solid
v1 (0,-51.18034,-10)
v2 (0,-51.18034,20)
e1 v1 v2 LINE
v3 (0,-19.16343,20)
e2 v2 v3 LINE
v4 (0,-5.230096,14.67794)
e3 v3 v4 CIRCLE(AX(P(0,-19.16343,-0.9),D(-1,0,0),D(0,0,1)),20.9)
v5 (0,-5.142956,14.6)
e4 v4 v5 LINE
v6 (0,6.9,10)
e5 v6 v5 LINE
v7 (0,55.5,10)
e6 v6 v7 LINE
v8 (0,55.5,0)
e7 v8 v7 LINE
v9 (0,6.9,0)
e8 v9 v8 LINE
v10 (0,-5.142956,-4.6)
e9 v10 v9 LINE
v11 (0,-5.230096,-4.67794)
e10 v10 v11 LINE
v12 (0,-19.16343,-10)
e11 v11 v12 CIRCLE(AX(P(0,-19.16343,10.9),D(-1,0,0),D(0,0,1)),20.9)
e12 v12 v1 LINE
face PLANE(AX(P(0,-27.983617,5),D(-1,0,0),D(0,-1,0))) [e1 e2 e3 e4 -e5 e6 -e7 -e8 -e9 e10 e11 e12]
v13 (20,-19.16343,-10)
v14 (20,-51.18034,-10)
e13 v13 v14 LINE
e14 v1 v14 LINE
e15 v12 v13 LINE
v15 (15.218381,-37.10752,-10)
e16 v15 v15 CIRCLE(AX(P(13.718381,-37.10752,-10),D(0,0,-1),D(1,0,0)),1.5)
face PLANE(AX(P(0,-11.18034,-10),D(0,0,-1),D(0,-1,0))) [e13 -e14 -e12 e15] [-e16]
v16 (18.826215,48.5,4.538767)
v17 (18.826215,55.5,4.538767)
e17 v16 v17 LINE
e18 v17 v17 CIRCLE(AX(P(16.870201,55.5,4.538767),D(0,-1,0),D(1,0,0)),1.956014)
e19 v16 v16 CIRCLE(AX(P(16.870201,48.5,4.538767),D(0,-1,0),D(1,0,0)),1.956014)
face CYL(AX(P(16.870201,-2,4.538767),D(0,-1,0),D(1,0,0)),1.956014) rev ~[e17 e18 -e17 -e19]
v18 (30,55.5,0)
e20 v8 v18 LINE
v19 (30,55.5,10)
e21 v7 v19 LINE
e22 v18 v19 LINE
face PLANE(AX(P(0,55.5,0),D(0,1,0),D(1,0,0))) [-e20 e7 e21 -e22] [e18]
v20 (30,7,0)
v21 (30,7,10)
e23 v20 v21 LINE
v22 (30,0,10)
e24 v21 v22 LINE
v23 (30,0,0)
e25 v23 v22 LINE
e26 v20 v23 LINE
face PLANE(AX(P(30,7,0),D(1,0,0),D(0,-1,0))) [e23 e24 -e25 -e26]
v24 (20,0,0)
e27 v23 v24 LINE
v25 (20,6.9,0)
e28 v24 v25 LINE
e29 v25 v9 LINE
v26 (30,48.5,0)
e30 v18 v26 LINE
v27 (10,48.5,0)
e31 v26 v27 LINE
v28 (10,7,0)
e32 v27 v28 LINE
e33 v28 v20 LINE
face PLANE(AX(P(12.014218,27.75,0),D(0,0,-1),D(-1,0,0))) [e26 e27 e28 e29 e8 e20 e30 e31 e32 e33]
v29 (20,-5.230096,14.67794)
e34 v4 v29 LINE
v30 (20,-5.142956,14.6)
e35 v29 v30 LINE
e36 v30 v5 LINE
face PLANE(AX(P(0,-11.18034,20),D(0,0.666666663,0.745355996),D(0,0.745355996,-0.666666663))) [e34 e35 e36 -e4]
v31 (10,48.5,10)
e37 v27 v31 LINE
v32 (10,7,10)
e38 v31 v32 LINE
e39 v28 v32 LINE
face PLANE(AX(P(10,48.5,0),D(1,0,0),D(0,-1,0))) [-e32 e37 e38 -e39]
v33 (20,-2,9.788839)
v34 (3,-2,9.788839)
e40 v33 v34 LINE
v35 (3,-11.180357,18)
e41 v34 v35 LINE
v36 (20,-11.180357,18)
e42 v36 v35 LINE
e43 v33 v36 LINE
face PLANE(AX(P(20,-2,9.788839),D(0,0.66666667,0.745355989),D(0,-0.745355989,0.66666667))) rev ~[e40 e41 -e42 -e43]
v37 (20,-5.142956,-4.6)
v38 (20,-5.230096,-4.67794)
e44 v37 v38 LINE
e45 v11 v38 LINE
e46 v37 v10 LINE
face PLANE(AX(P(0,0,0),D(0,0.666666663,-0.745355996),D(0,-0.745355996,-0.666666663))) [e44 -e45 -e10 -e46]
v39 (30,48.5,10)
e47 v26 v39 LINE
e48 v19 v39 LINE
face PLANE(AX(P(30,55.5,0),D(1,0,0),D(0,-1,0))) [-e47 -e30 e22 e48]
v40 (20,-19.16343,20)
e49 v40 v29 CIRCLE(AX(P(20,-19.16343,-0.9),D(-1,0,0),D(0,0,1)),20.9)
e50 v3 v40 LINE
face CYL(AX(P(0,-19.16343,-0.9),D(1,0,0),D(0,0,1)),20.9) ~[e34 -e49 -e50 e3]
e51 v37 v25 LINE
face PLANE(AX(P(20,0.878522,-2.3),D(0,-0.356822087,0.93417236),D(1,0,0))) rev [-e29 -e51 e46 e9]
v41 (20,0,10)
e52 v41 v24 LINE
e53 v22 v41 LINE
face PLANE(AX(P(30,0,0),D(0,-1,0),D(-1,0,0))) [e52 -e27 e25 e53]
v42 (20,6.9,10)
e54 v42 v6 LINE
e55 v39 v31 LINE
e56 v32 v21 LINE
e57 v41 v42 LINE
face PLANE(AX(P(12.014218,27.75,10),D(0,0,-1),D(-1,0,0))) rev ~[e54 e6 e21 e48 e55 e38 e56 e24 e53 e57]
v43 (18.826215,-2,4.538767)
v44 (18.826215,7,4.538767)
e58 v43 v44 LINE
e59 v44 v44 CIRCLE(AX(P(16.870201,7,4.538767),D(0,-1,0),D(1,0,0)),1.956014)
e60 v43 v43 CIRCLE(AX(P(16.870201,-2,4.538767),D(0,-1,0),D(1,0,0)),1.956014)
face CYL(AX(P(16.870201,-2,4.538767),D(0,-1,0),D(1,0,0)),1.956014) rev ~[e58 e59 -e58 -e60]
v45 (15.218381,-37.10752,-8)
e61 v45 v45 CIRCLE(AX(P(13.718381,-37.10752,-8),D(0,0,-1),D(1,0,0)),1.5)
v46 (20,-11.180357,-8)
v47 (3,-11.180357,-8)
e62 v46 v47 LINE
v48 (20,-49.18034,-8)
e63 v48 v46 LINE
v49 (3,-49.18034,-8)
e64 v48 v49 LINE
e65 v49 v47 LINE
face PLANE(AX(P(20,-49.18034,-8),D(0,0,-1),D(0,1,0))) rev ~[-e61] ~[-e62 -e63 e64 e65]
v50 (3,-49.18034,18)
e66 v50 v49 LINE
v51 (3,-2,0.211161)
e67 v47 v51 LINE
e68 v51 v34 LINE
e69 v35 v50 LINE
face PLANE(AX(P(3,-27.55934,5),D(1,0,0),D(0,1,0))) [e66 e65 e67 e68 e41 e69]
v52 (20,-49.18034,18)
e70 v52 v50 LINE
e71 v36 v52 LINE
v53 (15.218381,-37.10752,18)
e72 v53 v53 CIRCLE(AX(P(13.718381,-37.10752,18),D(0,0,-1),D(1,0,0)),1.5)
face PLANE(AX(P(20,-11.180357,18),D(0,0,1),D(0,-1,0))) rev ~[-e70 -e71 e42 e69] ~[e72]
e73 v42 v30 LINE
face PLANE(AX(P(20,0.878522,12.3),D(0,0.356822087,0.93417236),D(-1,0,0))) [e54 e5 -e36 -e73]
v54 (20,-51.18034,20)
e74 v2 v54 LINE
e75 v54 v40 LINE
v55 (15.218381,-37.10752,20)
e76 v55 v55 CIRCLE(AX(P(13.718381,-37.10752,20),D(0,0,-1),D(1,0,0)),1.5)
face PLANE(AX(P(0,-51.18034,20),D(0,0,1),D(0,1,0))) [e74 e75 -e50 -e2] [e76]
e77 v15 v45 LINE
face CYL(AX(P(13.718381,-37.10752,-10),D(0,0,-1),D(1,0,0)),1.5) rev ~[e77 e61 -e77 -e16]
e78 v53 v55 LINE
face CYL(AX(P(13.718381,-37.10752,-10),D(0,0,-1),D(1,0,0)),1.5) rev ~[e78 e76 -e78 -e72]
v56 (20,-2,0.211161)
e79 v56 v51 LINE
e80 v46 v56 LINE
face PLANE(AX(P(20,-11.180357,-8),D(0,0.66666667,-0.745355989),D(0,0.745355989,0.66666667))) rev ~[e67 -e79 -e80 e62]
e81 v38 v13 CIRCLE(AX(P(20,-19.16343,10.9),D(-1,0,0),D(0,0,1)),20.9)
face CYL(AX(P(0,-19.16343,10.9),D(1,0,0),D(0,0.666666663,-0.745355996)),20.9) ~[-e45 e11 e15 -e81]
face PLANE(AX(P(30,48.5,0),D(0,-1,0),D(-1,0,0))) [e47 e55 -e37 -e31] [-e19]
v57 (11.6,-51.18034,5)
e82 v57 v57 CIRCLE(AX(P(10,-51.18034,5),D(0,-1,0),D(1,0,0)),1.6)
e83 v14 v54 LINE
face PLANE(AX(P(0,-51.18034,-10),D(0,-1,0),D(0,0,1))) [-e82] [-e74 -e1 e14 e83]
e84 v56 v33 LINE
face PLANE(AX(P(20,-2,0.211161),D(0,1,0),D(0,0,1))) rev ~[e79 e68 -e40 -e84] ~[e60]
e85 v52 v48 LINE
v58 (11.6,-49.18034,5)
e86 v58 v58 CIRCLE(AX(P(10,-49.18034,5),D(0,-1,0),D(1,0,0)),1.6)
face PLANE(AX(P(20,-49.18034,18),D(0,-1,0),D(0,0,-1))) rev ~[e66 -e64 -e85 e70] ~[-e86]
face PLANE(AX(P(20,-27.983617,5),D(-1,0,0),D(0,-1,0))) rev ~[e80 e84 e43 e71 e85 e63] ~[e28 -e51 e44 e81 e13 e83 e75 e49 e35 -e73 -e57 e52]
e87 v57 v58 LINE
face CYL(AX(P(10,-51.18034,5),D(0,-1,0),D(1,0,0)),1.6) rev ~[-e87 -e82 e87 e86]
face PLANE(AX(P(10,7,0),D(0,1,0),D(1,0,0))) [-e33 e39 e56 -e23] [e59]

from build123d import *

# Parameters (mm, degrees)
PAD_DEPTH       = 10
PAD001_DEPTH    = 20
SKETCH002_R     = 1.6
POCKET_DEPTH    = 17
POCKET001_DEPTH = 17
SKETCH004_R     = 1.956014
POCKET002_DEPTH = 57.501
SKETCH005_R     = 1.5
POCKET003_DEPTH = 30.001
CHAMFER_SIZE    = 6.9
CHAMFER001_SIZE = 6.9
FILLET_R        = 20.9
FILLET001_R     = 20.9


with BuildPart() as part:
    # Sketch → Pad (new body)
    with BuildSketch(Plane.XY):
        Polygon((30, 55.5), (30, 48.5), (10, 48.5), (10, 7), (30, 7), (30, 0), (0, 0), (0, 55.5), align=None)
    extrude(amount=PAD_DEPTH)

    # Sketch001 → Pad001 (new body)
    with BuildSketch(Plane(origin=(0, 0, 0), x_dir=(0, -1, 0), z_dir=(-1, 0, 0))):
        Polygon((0, 10), (0, 0), (11.18034, -10), (51.18034, -10), (51.18034, 20), (11.18034, 20), align=None)
    extrude(amount=-PAD001_DEPTH)

    # Sketch002 → Pocket (cut)
    with BuildSketch(Plane.XZ.offset(51.18034)):
        with Locations((10, 5)):
            Circle(SKETCH002_R)
    extrude(amount=-POCKET_DEPTH, mode=Mode.SUBTRACT)

    # Sketch003 → Pocket001 (cut)
    with BuildSketch(Plane.YZ.offset(20)):
        Polygon((-49.18034, 18), (-49.18034, -8), (-11.180357, -8), (-2, 0.211161), (-2, 9.788839), (-11.180357, 18), align=None)
    extrude(amount=-POCKET001_DEPTH, mode=Mode.SUBTRACT)

    # Sketch004 → Pocket002 (cut, through all)
    with BuildSketch(Plane.XZ.offset(2)):
        with Locations((16.870201, 4.538767)):
            Circle(SKETCH004_R)
    extrude(amount=-POCKET002_DEPTH, mode=Mode.SUBTRACT)

    # Sketch005 → Pocket003 (cut, through all)
    with BuildSketch(Plane(origin=(0, 0, -10), x_dir=(1, 0, 0), z_dir=(0, 0, -1))):
        with Locations((13.718381, 37.10752)):
            Circle(SKETCH005_R)
    extrude(amount=-POCKET003_DEPTH, mode=Mode.SUBTRACT)

    # Chamfer
    chamfer_edges = [part.edges().sort_by_distance(p)[0] for p in [
        (10, 0, 0),
    ]]
    chamfer(chamfer_edges, length=CHAMFER_SIZE)

    # Chamfer001
    chamfer001_edges = [part.edges().sort_by_distance(p)[0] for p in [
        (10, 0, 10),
    ]]
    chamfer(chamfer001_edges, length=CHAMFER001_SIZE)

    # Fillet
    fillet_edges = [part.edges().sort_by_distance(p)[0] for p in [
        (10, -11.18034, -10),
    ]]
    fillet(fillet_edges, radius=FILLET_R)

    # Fillet001
    fillet001_edges = [part.edges().sort_by_distance(p)[0] for p in [
        (10, -11.18034, 20),
    ]]
    fillet(fillet001_edges, radius=FILLET001_R)


solid = part.part
